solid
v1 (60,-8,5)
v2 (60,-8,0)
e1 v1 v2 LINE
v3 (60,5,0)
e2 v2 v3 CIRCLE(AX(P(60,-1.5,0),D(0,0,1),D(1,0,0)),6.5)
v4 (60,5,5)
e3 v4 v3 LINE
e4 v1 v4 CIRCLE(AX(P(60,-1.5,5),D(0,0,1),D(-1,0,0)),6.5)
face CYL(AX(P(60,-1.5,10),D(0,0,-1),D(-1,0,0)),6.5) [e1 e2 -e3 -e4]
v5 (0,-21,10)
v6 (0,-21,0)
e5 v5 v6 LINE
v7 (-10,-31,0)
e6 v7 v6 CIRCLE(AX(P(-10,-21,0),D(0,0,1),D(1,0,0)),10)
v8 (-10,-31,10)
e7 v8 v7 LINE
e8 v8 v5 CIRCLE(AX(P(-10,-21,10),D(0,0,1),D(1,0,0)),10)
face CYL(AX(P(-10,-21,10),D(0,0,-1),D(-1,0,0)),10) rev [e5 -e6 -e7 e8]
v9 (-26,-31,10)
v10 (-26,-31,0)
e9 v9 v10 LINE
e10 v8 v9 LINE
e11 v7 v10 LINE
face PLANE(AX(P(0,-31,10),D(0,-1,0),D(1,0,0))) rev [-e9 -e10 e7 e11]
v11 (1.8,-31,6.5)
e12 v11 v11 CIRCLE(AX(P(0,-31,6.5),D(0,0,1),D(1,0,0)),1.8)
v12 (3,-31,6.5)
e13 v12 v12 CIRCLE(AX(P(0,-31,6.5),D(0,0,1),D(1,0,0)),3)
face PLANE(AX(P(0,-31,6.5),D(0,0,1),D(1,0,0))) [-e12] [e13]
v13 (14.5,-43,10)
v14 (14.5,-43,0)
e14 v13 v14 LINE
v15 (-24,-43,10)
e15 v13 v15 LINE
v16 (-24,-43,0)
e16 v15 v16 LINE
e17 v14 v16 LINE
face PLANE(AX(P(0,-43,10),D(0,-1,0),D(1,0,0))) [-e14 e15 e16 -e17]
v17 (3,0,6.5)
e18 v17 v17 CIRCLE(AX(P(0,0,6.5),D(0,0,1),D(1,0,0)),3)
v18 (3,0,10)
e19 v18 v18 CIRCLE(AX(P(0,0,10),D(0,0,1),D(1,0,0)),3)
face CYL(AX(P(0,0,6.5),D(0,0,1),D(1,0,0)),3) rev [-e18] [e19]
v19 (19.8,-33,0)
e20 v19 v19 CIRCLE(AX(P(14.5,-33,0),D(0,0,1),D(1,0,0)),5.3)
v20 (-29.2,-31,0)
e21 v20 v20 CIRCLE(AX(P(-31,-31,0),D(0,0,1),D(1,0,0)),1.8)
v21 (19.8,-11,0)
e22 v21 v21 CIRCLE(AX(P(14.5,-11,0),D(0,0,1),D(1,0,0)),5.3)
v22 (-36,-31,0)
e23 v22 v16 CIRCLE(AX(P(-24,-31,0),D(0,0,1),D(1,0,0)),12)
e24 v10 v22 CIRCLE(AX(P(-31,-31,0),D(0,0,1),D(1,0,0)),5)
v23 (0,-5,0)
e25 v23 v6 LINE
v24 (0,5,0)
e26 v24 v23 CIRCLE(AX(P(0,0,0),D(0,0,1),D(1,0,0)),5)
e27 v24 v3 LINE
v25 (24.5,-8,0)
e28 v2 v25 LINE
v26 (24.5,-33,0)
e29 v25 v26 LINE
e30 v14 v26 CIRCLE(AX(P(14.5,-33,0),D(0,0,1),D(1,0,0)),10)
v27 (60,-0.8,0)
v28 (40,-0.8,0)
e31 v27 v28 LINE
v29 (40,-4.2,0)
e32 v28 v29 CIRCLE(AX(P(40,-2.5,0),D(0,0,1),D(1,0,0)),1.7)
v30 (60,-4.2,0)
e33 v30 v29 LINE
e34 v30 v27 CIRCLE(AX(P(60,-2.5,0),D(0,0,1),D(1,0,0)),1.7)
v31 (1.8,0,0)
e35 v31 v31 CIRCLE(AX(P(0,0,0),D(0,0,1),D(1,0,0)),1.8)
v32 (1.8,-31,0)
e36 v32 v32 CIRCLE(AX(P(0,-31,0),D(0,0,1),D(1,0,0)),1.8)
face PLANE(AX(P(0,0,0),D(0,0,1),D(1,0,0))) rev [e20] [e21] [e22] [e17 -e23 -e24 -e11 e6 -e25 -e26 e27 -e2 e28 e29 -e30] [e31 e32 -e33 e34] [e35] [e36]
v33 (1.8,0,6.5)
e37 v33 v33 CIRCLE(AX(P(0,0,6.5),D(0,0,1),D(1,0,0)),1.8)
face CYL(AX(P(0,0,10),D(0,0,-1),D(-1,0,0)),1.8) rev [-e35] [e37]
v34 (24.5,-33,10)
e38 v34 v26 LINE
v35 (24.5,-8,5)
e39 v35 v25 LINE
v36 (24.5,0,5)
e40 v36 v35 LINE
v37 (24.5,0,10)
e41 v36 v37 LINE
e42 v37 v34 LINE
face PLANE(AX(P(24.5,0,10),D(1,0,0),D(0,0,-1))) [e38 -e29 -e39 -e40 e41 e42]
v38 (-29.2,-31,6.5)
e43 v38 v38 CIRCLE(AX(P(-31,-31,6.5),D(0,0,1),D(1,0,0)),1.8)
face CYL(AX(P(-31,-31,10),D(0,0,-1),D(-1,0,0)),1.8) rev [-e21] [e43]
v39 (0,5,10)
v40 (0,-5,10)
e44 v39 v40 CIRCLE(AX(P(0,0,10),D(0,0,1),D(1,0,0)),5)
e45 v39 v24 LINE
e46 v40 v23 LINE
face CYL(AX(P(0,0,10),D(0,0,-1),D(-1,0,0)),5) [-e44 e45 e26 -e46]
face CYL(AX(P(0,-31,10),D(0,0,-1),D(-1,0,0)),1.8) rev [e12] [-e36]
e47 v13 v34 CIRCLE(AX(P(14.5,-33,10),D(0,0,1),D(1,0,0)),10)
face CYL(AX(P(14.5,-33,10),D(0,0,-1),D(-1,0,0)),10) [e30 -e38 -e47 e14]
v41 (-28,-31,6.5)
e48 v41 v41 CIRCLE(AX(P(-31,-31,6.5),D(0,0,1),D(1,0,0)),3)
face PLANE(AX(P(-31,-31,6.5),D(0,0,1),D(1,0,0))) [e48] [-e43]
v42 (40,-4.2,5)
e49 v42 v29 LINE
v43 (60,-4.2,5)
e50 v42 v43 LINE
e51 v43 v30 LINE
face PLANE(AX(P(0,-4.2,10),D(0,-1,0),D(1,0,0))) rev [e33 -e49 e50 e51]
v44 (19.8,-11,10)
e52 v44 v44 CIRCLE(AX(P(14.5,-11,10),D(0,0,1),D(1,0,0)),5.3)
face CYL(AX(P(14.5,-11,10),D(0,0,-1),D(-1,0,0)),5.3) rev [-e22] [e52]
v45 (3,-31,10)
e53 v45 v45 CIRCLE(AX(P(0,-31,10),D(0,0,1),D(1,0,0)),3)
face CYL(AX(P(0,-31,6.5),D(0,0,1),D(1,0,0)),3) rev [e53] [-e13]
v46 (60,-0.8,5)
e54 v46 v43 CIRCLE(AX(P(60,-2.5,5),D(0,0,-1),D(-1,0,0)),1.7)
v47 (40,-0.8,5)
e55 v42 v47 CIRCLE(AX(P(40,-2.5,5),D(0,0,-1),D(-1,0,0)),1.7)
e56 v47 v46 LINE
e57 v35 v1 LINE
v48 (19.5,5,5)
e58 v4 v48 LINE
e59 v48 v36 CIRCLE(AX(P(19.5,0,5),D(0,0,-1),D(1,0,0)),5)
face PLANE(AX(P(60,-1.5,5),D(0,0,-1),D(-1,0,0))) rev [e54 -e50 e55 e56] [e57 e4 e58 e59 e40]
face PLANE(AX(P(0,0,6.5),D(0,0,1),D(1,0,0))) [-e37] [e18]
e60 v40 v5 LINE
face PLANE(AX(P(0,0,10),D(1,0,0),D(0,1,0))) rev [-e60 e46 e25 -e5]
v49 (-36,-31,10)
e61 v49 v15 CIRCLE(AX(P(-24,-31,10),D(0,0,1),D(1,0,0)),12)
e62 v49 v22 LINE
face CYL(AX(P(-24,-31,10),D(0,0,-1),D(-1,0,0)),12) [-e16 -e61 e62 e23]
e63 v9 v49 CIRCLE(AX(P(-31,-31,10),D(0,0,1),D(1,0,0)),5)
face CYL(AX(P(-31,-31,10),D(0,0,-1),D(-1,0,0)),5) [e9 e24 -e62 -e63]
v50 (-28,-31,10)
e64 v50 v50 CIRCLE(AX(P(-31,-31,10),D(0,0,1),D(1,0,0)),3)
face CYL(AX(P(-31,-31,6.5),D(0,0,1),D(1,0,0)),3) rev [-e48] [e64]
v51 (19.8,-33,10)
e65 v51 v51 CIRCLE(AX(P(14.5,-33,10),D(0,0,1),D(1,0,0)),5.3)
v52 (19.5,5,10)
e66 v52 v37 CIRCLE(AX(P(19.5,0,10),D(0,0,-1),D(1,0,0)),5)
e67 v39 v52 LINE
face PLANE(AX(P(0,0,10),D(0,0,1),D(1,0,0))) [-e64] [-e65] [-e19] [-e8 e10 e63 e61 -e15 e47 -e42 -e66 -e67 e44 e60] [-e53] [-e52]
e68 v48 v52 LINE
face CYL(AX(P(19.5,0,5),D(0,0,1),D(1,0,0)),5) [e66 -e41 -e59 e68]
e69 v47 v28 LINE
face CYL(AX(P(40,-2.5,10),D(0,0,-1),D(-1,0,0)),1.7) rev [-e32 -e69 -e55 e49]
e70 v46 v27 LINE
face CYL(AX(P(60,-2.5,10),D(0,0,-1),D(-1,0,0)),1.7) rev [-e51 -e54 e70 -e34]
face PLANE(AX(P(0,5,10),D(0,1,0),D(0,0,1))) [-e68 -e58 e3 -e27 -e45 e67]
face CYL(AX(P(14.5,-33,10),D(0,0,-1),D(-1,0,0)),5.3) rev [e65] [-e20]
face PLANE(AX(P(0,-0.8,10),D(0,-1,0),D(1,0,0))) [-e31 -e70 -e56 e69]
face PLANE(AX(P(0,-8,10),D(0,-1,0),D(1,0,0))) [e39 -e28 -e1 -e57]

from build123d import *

# Parameters (mm, degrees)
SKETCH1_R           = 1.8
SKETCH1_R_2         = 5.3
BOSS_EXTRUDE1_DEPTH = 10
SKETCH2_R           = 3
CUT_EXTRUDE1_DEPTH  = 3.5
CUT_EXTRUDE2_START  = -5
CUT_EXTRUDE2_DEPTH  = 5


with BuildPart() as part:
    # Sketch1 → Boss-Extrude1 (new body)
    with BuildSketch(Plane.XY):
        with BuildLine():
            Line((0, 5), (60, 5))
            ThreePointArc((60, 5), (66.5, -1.5), (60, -8))
            Line((60, -8), (24.5, -8))
            Line((24.5, -8), (24.5, -33))
            ThreePointArc((24.5, -33), (21.571067812, -40.071067812), (14.5, -43))
            Line((14.5, -43), (-24, -43))
            ThreePointArc((-24, -43), (-32.485281374, -39.485281374), (-36, -31))
            ThreePointArc((-36, -31), (-31, -26), (-26, -31))
            Line((-26, -31), (-10, -31))
            ThreePointArc((-10, -31), (-2.928932188, -28.071067812), (0, -21))
            Line((0, -21), (0, -5))
            ThreePointArc((0, -5), (-5, 0), (0, 5))
        make_face()
        Circle(SKETCH1_R, mode=Mode.SUBTRACT)
        with Locations((14.5, -33)):
            Circle(SKETCH1_R_2, mode=Mode.SUBTRACT)
        with Locations((14.5, -11)):
            Circle(SKETCH1_R_2, mode=Mode.SUBTRACT)
        with Locations((0, -31)):
            Circle(SKETCH1_R, mode=Mode.SUBTRACT)
        with Locations((-31, -31)):
            Circle(SKETCH1_R, mode=Mode.SUBTRACT)
        with BuildLine():
            Line((60, -4.2), (40, -4.2))
            ThreePointArc((40, -4.2), (38.3, -2.5), (40, -0.8))
            Line((40, -0.8), (60, -0.8))
            ThreePointArc((60, -0.8), (61.7, -2.5), (60, -4.2))
        make_face(mode=Mode.SUBTRACT)
    extrude(amount=BOSS_EXTRUDE1_DEPTH)

    # Sketch2 → Cut-Extrude1 (cut)
    with BuildSketch(Plane.XY.offset(10)):
        with Locations((-31, -31)):
            Circle(SKETCH2_R)
        with Locations((0, -31)):
            Circle(SKETCH2_R)
        Circle(SKETCH2_R)
    extrude(amount=-CUT_EXTRUDE1_DEPTH, mode=Mode.SUBTRACT)

    # Sketch3 → Cut-Extrude2 (cut)
    with BuildSketch(Plane.XY.offset(10).offset(CUT_EXTRUDE2_START)):
        with BuildLine():
            Line((24.5, -8), (24.5, 0))
            ThreePointArc((24.5, 0), (23.035533906, 3.535533906), (19.5, 5))
            Line((19.5, 5), (60, 5))
            ThreePointArc((60, 5), (66.5, -1.5), (60, -8))
            Line((60, -8), (24.5, -8))
        make_face()
    extrude(amount=CUT_EXTRUDE2_DEPTH, mode=Mode.SUBTRACT)


solid = part.part
